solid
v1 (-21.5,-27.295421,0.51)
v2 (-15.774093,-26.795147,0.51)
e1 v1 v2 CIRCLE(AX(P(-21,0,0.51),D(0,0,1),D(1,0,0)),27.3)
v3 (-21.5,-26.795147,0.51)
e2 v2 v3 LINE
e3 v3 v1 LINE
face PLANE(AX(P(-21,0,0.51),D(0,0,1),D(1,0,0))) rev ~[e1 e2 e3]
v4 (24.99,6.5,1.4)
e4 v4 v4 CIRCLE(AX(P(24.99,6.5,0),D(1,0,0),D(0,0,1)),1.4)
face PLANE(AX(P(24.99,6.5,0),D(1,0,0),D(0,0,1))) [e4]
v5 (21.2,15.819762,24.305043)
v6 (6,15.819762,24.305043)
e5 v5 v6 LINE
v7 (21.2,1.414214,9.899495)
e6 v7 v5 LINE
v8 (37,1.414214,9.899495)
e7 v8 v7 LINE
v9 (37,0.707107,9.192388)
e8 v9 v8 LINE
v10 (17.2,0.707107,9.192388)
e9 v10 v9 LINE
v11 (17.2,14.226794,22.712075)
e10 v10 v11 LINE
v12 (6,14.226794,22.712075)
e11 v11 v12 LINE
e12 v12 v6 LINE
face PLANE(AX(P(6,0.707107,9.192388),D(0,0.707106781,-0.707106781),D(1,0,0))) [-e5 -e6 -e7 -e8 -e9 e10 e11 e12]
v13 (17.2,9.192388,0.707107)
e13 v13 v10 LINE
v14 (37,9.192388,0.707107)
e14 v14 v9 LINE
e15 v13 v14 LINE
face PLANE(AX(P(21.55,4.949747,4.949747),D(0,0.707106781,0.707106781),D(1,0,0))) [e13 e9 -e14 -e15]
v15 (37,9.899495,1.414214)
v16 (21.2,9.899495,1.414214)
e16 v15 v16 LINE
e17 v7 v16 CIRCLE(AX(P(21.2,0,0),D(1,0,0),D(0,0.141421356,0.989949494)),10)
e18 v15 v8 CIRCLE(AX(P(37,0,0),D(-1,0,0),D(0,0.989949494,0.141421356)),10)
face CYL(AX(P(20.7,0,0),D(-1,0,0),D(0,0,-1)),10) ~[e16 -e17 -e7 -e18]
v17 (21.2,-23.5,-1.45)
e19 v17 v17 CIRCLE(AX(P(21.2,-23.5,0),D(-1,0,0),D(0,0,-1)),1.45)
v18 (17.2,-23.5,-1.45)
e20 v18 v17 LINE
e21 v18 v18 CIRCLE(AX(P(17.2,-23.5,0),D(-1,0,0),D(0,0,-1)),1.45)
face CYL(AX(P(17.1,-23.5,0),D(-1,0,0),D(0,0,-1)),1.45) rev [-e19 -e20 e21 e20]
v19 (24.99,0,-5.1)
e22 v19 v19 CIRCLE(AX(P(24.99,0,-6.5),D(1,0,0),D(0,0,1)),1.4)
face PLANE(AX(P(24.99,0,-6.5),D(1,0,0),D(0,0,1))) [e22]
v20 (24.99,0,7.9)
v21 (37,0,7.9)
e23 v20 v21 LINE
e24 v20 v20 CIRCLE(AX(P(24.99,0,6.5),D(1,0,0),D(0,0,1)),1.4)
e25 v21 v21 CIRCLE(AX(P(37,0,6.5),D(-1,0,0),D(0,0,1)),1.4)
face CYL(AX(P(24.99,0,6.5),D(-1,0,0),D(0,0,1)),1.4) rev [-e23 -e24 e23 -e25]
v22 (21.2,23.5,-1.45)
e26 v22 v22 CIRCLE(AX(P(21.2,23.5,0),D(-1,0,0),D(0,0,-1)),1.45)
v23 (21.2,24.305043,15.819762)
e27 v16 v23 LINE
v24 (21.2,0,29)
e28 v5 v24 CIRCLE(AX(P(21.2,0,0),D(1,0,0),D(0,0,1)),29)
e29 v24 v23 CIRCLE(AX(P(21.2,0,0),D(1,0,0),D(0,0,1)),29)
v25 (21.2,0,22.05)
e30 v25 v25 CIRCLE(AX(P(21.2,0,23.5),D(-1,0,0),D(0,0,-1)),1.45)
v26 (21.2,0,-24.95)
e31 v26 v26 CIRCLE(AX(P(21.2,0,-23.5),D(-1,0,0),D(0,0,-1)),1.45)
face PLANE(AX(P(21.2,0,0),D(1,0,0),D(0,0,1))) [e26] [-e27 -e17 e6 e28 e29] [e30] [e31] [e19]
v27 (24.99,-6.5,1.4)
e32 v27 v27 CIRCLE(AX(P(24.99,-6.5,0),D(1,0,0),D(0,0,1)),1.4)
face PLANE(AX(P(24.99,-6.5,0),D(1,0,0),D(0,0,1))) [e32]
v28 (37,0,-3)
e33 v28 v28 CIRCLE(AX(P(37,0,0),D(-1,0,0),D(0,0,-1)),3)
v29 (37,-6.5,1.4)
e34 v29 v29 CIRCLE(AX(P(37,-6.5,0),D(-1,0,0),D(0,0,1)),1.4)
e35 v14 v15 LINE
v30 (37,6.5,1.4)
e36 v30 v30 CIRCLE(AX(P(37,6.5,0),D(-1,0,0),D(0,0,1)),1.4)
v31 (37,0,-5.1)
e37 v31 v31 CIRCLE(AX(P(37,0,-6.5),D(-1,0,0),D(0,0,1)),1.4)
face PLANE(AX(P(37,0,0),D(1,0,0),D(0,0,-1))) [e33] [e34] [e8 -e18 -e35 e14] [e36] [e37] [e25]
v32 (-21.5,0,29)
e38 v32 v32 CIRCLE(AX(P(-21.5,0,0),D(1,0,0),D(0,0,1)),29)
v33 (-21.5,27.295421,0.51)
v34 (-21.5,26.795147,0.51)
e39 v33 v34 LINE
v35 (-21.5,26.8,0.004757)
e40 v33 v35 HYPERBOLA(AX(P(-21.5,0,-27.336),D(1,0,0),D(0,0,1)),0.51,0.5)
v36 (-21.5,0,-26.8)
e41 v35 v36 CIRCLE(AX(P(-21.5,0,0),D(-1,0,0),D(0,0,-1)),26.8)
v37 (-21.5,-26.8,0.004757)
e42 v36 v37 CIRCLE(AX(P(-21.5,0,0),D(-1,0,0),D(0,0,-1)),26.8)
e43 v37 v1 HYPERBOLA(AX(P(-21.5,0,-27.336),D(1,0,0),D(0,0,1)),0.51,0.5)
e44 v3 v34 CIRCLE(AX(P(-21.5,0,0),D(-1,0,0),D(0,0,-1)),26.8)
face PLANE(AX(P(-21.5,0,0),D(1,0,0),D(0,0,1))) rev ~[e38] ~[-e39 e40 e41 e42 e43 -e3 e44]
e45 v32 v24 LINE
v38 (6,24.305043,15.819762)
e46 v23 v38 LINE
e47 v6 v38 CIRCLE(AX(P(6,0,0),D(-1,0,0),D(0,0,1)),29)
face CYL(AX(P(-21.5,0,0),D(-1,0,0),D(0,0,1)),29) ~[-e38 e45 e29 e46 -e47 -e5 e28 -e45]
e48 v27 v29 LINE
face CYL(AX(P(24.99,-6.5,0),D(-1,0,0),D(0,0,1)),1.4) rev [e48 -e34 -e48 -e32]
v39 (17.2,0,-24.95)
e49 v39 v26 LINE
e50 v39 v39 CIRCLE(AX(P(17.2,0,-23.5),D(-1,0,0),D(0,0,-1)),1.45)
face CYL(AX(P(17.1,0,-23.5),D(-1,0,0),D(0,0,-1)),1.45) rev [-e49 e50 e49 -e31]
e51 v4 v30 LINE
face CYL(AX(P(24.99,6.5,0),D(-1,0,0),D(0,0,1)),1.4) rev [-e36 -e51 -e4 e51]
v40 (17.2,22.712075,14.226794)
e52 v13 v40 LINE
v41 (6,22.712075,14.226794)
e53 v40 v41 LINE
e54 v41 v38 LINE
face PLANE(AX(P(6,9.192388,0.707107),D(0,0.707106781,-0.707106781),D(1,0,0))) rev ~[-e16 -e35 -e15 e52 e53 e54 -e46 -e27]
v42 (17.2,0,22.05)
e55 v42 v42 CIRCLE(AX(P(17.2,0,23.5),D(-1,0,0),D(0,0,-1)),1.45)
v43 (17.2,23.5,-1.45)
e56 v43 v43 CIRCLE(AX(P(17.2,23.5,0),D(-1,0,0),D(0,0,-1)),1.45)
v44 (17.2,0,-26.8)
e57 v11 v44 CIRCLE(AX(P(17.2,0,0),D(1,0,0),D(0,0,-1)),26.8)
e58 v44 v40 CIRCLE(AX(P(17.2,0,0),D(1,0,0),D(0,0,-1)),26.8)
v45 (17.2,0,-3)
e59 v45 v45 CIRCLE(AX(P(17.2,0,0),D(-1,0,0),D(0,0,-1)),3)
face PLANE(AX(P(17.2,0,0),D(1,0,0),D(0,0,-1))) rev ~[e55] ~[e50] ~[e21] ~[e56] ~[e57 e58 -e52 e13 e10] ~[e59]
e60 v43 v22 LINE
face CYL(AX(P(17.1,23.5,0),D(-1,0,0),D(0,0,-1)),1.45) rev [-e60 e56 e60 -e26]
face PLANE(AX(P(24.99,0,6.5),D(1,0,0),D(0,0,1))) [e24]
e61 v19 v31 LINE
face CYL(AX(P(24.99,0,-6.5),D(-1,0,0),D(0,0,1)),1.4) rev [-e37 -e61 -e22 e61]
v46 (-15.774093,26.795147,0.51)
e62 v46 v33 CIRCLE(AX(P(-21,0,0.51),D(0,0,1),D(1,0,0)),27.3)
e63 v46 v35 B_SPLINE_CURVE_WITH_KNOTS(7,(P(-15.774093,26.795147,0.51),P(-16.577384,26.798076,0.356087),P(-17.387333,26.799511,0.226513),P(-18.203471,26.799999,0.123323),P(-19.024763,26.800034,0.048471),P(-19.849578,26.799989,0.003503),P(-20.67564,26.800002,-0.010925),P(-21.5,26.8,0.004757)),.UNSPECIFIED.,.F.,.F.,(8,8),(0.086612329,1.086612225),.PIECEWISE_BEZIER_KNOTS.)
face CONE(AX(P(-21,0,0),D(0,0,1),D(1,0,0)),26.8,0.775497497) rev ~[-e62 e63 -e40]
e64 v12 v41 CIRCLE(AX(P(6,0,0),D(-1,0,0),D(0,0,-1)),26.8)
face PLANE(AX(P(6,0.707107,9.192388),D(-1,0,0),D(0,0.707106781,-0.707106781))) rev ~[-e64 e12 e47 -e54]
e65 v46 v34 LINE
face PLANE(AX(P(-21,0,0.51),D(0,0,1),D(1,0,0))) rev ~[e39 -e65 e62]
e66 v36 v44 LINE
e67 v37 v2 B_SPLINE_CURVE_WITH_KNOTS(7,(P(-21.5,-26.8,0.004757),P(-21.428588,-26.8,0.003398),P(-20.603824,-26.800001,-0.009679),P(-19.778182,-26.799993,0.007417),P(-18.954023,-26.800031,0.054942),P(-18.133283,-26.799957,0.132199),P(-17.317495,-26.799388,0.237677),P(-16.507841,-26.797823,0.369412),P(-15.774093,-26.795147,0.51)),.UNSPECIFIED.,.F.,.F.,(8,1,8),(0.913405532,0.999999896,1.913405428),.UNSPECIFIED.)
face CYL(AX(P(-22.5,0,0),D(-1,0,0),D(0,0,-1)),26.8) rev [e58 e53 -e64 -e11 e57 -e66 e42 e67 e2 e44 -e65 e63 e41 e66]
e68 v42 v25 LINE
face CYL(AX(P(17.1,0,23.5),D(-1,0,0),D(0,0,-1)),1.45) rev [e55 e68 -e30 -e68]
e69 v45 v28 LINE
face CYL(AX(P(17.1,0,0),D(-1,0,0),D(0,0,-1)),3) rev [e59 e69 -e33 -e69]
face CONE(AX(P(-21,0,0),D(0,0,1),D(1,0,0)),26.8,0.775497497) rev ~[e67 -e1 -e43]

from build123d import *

# Parameters (mm, degrees)
F_0000_CYLINDER_SKETCH_R     = 29
F_0000_CYLINDER_DEPTH        = 42.7
F_0000_CYLINDER_ROTATE_ANGLE = 90
F_0002_CYLINDER_SKETCH_R     = 26.8
F_0002_CYLINDER_DEPTH        = 39.7
F_0002_CYLINDER_ROTATE_ANGLE = 90
F_0005_CYLINDER_SKETCH_R     = 10
F_0005_CYLINDER_DEPTH        = 16.3
F_0005_CYLINDER_ROTATE_ANGLE = 90
F_0008_CYLINDER_SKETCH_R     = 3
F_0008_CYLINDER_DEPTH        = 20.9
F_0008_CYLINDER_ROTATE_ANGLE = 90
F_0011_CYLINDER_SKETCH_R     = 1.45
F_0011_CYLINDER_DEPTH        = 4.2
F_0011_CYLINDER_ROTATE_ANGLE = 90
F_0015_CYLINDER_SKETCH_R     = 1.45
F_0015_CYLINDER_DEPTH        = 4.2
F_0015_CYLINDER_ROTATE_ANGLE = 90
F_0019_CYLINDER_SKETCH_R     = 1.45
F_0019_CYLINDER_DEPTH        = 4.2
F_0019_CYLINDER_ROTATE_ANGLE = 90
F_0023_CYLINDER_SKETCH_R     = 1.45
F_0023_CYLINDER_DEPTH        = 4.2
F_0023_CYLINDER_ROTATE_ANGLE = 90
F_0027_BOX_SKETCH_W          = 31.1
F_0027_BOX_SKETCH_H          = 12
F_0027_BOX_DEPTH             = 28
F_0027_BOX_ROTATE_ANGLE      = 45
F_0031_CYLINDER_SKETCH_R     = 1.4
F_0031_CYLINDER_DEPTH        = 12.02
F_0031_CYLINDER_ROTATE_ANGLE = 90
F_0035_CYLINDER_SKETCH_R     = 1.4
F_0035_CYLINDER_DEPTH        = 12.02
F_0035_CYLINDER_ROTATE_ANGLE = 90
F_0039_CYLINDER_SKETCH_R     = 1.4
F_0039_CYLINDER_DEPTH        = 12.02
F_0039_CYLINDER_ROTATE_ANGLE = 90
F_0043_CYLINDER_SKETCH_R     = 1.4
F_0043_CYLINDER_DEPTH        = 12.02
F_0043_CYLINDER_ROTATE_ANGLE = 90
F_0047_CONE_ROTATE_ANGLE     = 120


with BuildPart() as part:
    # 0000_cylinder_Sketch → 0000_cylinder (new body)
    with BuildSketch(Plane.XY):
        with Locations(Location((0, 0, 0), (0, 0, 180))):
            Circle(F_0000_CYLINDER_SKETCH_R)
    extrude(amount=F_0000_CYLINDER_DEPTH)


with BuildPart() as part_1:
    # 0000_cylinder_Rotate: moved
    add(part.part.rotate(Axis((0, 0, 0), (0, 1, 0)), F_0000_CYLINDER_ROTATE_ANGLE))


with BuildPart() as part_2:
    # 0000_cylinder_Translate: moved
    add(part_1.part.moved(Location((-21.5, 0, 0))))


with BuildPart() as body_2:
    # 0002_cylinder_Sketch → 0002_cylinder (new body)
    with BuildSketch(Plane.XY):
        Circle(F_0002_CYLINDER_SKETCH_R)
    extrude(amount=F_0002_CYLINDER_DEPTH)


with BuildPart() as body_2_1:
    # 0002_cylinder_Rotate: moved
    add(body_2.part.rotate(Axis((0, 0, 0), (0, 1, 0)), F_0002_CYLINDER_ROTATE_ANGLE))


with BuildPart() as body_2_2:
    # 0002_cylinder_Translate: moved
    add(body_2_1.part.moved(Location((-22.5, 0, 0))))


with BuildPart() as part_3:
    add(part_2.part)

    # 0004_sub: cut body 2
    add(body_2_2.part, mode=Mode.SUBTRACT)


with BuildPart() as body_2_2_1:
    # 0005_cylinder_Sketch → 0005_cylinder (new body)
    with BuildSketch(Plane.XY):
        Circle(F_0005_CYLINDER_SKETCH_R)
    extrude(amount=F_0005_CYLINDER_DEPTH)


with BuildPart() as body_2_2_2:
    # 0005_cylinder_Rotate: moved
    add(body_2_2_1.part.rotate(Axis((0, 0, 0), (0, 1, 0)), F_0005_CYLINDER_ROTATE_ANGLE))


with BuildPart() as body_2_2_3:
    # 0005_cylinder_Translate: moved
    add(body_2_2_2.part.moved(Location((20.7, 0, 0))))


with BuildPart() as part_4:
    add(part_3.part)

    # 0007_add: union body 2 2
    add(body_2_2_3.part)


with BuildPart() as body_2_3:
    # 0008_cylinder_Sketch → 0008_cylinder (new body)
    with BuildSketch(Plane.XY):
        Circle(F_0008_CYLINDER_SKETCH_R)
    extrude(amount=F_0008_CYLINDER_DEPTH)


with BuildPart() as body_2_3_1:
    # 0008_cylinder_Rotate: moved
    add(body_2_3.part.rotate(Axis((0, 0, 0), (0, 1, 0)), F_0008_CYLINDER_ROTATE_ANGLE))


with BuildPart() as body_2_3_2:
    # 0008_cylinder_Translate: moved
    add(body_2_3_1.part.moved(Location((17.1, 0, 0))))


with BuildPart() as part_5:
    add(part_4.part)

    # 0010_sub: cut body 2 3
    add(body_2_3_2.part, mode=Mode.SUBTRACT)


with BuildPart() as body_2_4:
    # 0011_cylinder_Sketch → 0011_cylinder (new body)
    with BuildSketch(Plane.XY):
        Circle(F_0011_CYLINDER_SKETCH_R)
    extrude(amount=F_0011_CYLINDER_DEPTH)


with BuildPart() as body_2_4_1:
    # 0011_cylinder_Rotate: moved
    add(body_2_4.part.rotate(Axis((0, 0, 0), (0, 1, 0)), F_0011_CYLINDER_ROTATE_ANGLE))


with BuildPart() as body_2_4_2:
    # 0011_cylinder_Translate: moved
    add(body_2_4_1.part.moved(Location((17.1, 23.5, 0))))


with BuildPart() as part_6:
    add(part_5.part)

    # 0014_sub: cut body 2 4
    add(body_2_4_2.part, mode=Mode.SUBTRACT)


with BuildPart() as body_2_5:
    # 0015_cylinder_Sketch → 0015_cylinder (new body)
    with BuildSketch(Plane.XY):
        Circle(F_0015_CYLINDER_SKETCH_R)
    extrude(amount=F_0015_CYLINDER_DEPTH)


with BuildPart() as body_2_5_1:
    # 0015_cylinder_Rotate: moved
    add(body_2_5.part.rotate(Axis((0, 0, 0), (0, 1, 0)), F_0015_CYLINDER_ROTATE_ANGLE))


with BuildPart() as body_2_5_2:
    # 0015_cylinder_Translate: moved
    add(body_2_5_1.part.moved(Location((17.1, 0, 23.5))))


with BuildPart() as part_7:
    add(part_6.part)

    # 0018_sub: cut body 2 5
    add(body_2_5_2.part, mode=Mode.SUBTRACT)


with BuildPart() as body_2_6:
    # 0019_cylinder_Sketch → 0019_cylinder (new body)
    with BuildSketch(Plane.XY):
        Circle(F_0019_CYLINDER_SKETCH_R)
    extrude(amount=F_0019_CYLINDER_DEPTH)


with BuildPart() as body_2_6_1:
    # 0019_cylinder_Rotate: moved
    add(body_2_6.part.rotate(Axis((0, 0, 0), (0, 1, 0)), F_0019_CYLINDER_ROTATE_ANGLE))


with BuildPart() as body_2_6_2:
    # 0019_cylinder_Translate: moved
    add(body_2_6_1.part.moved(Location((17.1, -23.5, 0))))


with BuildPart() as part_8:
    add(part_7.part)

    # 0022_sub: cut body 2 6
    add(body_2_6_2.part, mode=Mode.SUBTRACT)


with BuildPart() as body_2_7:
    # 0023_cylinder_Sketch → 0023_cylinder (new body)
    with BuildSketch(Plane.XY):
        Circle(F_0023_CYLINDER_SKETCH_R)
    extrude(amount=F_0023_CYLINDER_DEPTH)


with BuildPart() as body_2_7_1:
    # 0023_cylinder_Rotate: moved
    add(body_2_7.part.rotate(Axis((0, 0, 0), (0, 1, 0)), F_0023_CYLINDER_ROTATE_ANGLE))


with BuildPart() as body_2_7_2:
    # 0023_cylinder_Translate: moved
    add(body_2_7_1.part.moved(Location((17.1, 0, -23.5))))


with BuildPart() as part_9:
    add(part_8.part)

    # 0026_sub: cut body 2 7
    add(body_2_7_2.part, mode=Mode.SUBTRACT)


with BuildPart() as body_2_8:
    # 0027_box_Sketch → 0027_box (new body)
    with BuildSketch(Plane.XY):
        with Locations((15.55, 6)):
            Rectangle(F_0027_BOX_SKETCH_W, F_0027_BOX_SKETCH_H)
    extrude(amount=F_0027_BOX_DEPTH)


with BuildPart() as body_2_8_1:
    # 0027_box_Rotate: moved
    add(body_2_8.part.rotate(Axis((0, 0, 0), (-1, 0, 0)), F_0027_BOX_ROTATE_ANGLE))


with BuildPart() as body_2_8_2:
    # 0027_box_Translate: moved
    add(body_2_8_1.part.moved(Location((6, 0.707106781, 9.192388155))))


with BuildPart() as part_10:
    add(part_9.part)

    # 0030_sub: cut body 2 8
    add(body_2_8_2.part, mode=Mode.SUBTRACT)


with BuildPart() as body_2_9:
    # 0031_cylinder_Sketch → 0031_cylinder (new body)
    with BuildSketch(Plane.XY):
        with Locations(Location((0, 0, 0), (0, 0, 180))):
            Circle(F_0031_CYLINDER_SKETCH_R)
    extrude(amount=F_0031_CYLINDER_DEPTH)


with BuildPart() as body_2_9_1:
    # 0031_cylinder_Rotate: moved
    add(body_2_9.part.rotate(Axis((0, 0, 0), (0, 1, 0)), F_0031_CYLINDER_ROTATE_ANGLE))


with BuildPart() as body_2_9_2:
    # 0031_cylinder_Translate: moved
    add(body_2_9_1.part.moved(Location((24.99, 6.5, 0))))


with BuildPart() as part_11:
    add(part_10.part)

    # 0034_sub: cut body 2 9
    add(body_2_9_2.part, mode=Mode.SUBTRACT)


with BuildPart() as body_2_10:
    # 0035_cylinder_Sketch → 0035_cylinder (new body)
    with BuildSketch(Plane.XY):
        with Locations(Location((0, 0, 0), (0, 0, 180))):
            Circle(F_0035_CYLINDER_SKETCH_R)
    extrude(amount=F_0035_CYLINDER_DEPTH)


with BuildPart() as body_2_10_1:
    # 0035_cylinder_Rotate: moved
    add(body_2_10.part.rotate(Axis((0, 0, 0), (0, 1, 0)), F_0035_CYLINDER_ROTATE_ANGLE))


with BuildPart() as body_2_10_2:
    # 0035_cylinder_Translate: moved
    add(body_2_10_1.part.moved(Location((24.99, 0, 6.5))))


with BuildPart() as part_12:
    add(part_11.part)

    # 0038_sub: cut body 2 10
    add(body_2_10_2.part, mode=Mode.SUBTRACT)


with BuildPart() as body_2_11:
    # 0039_cylinder_Sketch → 0039_cylinder (new body)
    with BuildSketch(Plane.XY):
        with Locations(Location((0, 0, 0), (0, 0, 180))):
            Circle(F_0039_CYLINDER_SKETCH_R)
    extrude(amount=F_0039_CYLINDER_DEPTH)


with BuildPart() as body_2_11_1:
    # 0039_cylinder_Rotate: moved
    add(body_2_11.part.rotate(Axis((0, 0, 0), (0, 1, 0)), F_0039_CYLINDER_ROTATE_ANGLE))


with BuildPart() as body_2_11_2:
    # 0039_cylinder_Translate: moved
    add(body_2_11_1.part.moved(Location((24.99, -6.5, 0))))


with BuildPart() as part_13:
    add(part_12.part)

    # 0042_sub: cut body 2 11
    add(body_2_11_2.part, mode=Mode.SUBTRACT)


with BuildPart() as body_2_12:
    # 0043_cylinder_Sketch → 0043_cylinder (new body)
    with BuildSketch(Plane.XY):
        with Locations(Location((0, 0, 0), (0, 0, 180))):
            Circle(F_0043_CYLINDER_SKETCH_R)
    extrude(amount=F_0043_CYLINDER_DEPTH)


with BuildPart() as body_2_12_1:
    # 0043_cylinder_Rotate: moved
    add(body_2_12.part.rotate(Axis((0, 0, 0), (0, 1, 0)), F_0043_CYLINDER_ROTATE_ANGLE))


with BuildPart() as body_2_12_2:
    # 0043_cylinder_Translate: moved
    add(body_2_12_1.part.moved(Location((24.99, 0, -6.5))))


with BuildPart() as part_14:
    add(part_13.part)

    # 0046_sub: cut body 2 12
    add(body_2_12_2.part, mode=Mode.SUBTRACT)


with BuildPart() as body_2_13:
    # 0047_cone_Sketch → 0047_cone (revolve)
    with BuildSketch(Plane.XY, mode=Mode.PRIVATE) as f_0047_cone_sk:
        Polygon((0, 0), (26.8, 0), (27.3, 0.51), (0, 0.51), align=None)
    revolve(f_0047_cone_sk.sketch.rotate(Axis((0, -100, 0), (0, 1, 0)), 90), axis=Axis((0, -100, 0), (0, 1, 0)))


with BuildPart() as body_2_13_1:
    # 0047_cone_Rotate: moved
    add(body_2_13.part.rotate(Axis((0, 0, 0), (0.5773502691896258, -0.5773502691896257, -0.5773502691896257)), F_0047_CONE_ROTATE_ANGLE))


with BuildPart() as body_2_13_2:
    # 0047_cone_Translate: moved
    add(body_2_13_1.part.moved(Location((-21, 0, 0))))


with BuildPart() as part_15:
    add(part_14.part)

    # 0050_sub: cut body 2 13
    add(body_2_13_2.part, mode=Mode.SUBTRACT)


solid = part_15.part
